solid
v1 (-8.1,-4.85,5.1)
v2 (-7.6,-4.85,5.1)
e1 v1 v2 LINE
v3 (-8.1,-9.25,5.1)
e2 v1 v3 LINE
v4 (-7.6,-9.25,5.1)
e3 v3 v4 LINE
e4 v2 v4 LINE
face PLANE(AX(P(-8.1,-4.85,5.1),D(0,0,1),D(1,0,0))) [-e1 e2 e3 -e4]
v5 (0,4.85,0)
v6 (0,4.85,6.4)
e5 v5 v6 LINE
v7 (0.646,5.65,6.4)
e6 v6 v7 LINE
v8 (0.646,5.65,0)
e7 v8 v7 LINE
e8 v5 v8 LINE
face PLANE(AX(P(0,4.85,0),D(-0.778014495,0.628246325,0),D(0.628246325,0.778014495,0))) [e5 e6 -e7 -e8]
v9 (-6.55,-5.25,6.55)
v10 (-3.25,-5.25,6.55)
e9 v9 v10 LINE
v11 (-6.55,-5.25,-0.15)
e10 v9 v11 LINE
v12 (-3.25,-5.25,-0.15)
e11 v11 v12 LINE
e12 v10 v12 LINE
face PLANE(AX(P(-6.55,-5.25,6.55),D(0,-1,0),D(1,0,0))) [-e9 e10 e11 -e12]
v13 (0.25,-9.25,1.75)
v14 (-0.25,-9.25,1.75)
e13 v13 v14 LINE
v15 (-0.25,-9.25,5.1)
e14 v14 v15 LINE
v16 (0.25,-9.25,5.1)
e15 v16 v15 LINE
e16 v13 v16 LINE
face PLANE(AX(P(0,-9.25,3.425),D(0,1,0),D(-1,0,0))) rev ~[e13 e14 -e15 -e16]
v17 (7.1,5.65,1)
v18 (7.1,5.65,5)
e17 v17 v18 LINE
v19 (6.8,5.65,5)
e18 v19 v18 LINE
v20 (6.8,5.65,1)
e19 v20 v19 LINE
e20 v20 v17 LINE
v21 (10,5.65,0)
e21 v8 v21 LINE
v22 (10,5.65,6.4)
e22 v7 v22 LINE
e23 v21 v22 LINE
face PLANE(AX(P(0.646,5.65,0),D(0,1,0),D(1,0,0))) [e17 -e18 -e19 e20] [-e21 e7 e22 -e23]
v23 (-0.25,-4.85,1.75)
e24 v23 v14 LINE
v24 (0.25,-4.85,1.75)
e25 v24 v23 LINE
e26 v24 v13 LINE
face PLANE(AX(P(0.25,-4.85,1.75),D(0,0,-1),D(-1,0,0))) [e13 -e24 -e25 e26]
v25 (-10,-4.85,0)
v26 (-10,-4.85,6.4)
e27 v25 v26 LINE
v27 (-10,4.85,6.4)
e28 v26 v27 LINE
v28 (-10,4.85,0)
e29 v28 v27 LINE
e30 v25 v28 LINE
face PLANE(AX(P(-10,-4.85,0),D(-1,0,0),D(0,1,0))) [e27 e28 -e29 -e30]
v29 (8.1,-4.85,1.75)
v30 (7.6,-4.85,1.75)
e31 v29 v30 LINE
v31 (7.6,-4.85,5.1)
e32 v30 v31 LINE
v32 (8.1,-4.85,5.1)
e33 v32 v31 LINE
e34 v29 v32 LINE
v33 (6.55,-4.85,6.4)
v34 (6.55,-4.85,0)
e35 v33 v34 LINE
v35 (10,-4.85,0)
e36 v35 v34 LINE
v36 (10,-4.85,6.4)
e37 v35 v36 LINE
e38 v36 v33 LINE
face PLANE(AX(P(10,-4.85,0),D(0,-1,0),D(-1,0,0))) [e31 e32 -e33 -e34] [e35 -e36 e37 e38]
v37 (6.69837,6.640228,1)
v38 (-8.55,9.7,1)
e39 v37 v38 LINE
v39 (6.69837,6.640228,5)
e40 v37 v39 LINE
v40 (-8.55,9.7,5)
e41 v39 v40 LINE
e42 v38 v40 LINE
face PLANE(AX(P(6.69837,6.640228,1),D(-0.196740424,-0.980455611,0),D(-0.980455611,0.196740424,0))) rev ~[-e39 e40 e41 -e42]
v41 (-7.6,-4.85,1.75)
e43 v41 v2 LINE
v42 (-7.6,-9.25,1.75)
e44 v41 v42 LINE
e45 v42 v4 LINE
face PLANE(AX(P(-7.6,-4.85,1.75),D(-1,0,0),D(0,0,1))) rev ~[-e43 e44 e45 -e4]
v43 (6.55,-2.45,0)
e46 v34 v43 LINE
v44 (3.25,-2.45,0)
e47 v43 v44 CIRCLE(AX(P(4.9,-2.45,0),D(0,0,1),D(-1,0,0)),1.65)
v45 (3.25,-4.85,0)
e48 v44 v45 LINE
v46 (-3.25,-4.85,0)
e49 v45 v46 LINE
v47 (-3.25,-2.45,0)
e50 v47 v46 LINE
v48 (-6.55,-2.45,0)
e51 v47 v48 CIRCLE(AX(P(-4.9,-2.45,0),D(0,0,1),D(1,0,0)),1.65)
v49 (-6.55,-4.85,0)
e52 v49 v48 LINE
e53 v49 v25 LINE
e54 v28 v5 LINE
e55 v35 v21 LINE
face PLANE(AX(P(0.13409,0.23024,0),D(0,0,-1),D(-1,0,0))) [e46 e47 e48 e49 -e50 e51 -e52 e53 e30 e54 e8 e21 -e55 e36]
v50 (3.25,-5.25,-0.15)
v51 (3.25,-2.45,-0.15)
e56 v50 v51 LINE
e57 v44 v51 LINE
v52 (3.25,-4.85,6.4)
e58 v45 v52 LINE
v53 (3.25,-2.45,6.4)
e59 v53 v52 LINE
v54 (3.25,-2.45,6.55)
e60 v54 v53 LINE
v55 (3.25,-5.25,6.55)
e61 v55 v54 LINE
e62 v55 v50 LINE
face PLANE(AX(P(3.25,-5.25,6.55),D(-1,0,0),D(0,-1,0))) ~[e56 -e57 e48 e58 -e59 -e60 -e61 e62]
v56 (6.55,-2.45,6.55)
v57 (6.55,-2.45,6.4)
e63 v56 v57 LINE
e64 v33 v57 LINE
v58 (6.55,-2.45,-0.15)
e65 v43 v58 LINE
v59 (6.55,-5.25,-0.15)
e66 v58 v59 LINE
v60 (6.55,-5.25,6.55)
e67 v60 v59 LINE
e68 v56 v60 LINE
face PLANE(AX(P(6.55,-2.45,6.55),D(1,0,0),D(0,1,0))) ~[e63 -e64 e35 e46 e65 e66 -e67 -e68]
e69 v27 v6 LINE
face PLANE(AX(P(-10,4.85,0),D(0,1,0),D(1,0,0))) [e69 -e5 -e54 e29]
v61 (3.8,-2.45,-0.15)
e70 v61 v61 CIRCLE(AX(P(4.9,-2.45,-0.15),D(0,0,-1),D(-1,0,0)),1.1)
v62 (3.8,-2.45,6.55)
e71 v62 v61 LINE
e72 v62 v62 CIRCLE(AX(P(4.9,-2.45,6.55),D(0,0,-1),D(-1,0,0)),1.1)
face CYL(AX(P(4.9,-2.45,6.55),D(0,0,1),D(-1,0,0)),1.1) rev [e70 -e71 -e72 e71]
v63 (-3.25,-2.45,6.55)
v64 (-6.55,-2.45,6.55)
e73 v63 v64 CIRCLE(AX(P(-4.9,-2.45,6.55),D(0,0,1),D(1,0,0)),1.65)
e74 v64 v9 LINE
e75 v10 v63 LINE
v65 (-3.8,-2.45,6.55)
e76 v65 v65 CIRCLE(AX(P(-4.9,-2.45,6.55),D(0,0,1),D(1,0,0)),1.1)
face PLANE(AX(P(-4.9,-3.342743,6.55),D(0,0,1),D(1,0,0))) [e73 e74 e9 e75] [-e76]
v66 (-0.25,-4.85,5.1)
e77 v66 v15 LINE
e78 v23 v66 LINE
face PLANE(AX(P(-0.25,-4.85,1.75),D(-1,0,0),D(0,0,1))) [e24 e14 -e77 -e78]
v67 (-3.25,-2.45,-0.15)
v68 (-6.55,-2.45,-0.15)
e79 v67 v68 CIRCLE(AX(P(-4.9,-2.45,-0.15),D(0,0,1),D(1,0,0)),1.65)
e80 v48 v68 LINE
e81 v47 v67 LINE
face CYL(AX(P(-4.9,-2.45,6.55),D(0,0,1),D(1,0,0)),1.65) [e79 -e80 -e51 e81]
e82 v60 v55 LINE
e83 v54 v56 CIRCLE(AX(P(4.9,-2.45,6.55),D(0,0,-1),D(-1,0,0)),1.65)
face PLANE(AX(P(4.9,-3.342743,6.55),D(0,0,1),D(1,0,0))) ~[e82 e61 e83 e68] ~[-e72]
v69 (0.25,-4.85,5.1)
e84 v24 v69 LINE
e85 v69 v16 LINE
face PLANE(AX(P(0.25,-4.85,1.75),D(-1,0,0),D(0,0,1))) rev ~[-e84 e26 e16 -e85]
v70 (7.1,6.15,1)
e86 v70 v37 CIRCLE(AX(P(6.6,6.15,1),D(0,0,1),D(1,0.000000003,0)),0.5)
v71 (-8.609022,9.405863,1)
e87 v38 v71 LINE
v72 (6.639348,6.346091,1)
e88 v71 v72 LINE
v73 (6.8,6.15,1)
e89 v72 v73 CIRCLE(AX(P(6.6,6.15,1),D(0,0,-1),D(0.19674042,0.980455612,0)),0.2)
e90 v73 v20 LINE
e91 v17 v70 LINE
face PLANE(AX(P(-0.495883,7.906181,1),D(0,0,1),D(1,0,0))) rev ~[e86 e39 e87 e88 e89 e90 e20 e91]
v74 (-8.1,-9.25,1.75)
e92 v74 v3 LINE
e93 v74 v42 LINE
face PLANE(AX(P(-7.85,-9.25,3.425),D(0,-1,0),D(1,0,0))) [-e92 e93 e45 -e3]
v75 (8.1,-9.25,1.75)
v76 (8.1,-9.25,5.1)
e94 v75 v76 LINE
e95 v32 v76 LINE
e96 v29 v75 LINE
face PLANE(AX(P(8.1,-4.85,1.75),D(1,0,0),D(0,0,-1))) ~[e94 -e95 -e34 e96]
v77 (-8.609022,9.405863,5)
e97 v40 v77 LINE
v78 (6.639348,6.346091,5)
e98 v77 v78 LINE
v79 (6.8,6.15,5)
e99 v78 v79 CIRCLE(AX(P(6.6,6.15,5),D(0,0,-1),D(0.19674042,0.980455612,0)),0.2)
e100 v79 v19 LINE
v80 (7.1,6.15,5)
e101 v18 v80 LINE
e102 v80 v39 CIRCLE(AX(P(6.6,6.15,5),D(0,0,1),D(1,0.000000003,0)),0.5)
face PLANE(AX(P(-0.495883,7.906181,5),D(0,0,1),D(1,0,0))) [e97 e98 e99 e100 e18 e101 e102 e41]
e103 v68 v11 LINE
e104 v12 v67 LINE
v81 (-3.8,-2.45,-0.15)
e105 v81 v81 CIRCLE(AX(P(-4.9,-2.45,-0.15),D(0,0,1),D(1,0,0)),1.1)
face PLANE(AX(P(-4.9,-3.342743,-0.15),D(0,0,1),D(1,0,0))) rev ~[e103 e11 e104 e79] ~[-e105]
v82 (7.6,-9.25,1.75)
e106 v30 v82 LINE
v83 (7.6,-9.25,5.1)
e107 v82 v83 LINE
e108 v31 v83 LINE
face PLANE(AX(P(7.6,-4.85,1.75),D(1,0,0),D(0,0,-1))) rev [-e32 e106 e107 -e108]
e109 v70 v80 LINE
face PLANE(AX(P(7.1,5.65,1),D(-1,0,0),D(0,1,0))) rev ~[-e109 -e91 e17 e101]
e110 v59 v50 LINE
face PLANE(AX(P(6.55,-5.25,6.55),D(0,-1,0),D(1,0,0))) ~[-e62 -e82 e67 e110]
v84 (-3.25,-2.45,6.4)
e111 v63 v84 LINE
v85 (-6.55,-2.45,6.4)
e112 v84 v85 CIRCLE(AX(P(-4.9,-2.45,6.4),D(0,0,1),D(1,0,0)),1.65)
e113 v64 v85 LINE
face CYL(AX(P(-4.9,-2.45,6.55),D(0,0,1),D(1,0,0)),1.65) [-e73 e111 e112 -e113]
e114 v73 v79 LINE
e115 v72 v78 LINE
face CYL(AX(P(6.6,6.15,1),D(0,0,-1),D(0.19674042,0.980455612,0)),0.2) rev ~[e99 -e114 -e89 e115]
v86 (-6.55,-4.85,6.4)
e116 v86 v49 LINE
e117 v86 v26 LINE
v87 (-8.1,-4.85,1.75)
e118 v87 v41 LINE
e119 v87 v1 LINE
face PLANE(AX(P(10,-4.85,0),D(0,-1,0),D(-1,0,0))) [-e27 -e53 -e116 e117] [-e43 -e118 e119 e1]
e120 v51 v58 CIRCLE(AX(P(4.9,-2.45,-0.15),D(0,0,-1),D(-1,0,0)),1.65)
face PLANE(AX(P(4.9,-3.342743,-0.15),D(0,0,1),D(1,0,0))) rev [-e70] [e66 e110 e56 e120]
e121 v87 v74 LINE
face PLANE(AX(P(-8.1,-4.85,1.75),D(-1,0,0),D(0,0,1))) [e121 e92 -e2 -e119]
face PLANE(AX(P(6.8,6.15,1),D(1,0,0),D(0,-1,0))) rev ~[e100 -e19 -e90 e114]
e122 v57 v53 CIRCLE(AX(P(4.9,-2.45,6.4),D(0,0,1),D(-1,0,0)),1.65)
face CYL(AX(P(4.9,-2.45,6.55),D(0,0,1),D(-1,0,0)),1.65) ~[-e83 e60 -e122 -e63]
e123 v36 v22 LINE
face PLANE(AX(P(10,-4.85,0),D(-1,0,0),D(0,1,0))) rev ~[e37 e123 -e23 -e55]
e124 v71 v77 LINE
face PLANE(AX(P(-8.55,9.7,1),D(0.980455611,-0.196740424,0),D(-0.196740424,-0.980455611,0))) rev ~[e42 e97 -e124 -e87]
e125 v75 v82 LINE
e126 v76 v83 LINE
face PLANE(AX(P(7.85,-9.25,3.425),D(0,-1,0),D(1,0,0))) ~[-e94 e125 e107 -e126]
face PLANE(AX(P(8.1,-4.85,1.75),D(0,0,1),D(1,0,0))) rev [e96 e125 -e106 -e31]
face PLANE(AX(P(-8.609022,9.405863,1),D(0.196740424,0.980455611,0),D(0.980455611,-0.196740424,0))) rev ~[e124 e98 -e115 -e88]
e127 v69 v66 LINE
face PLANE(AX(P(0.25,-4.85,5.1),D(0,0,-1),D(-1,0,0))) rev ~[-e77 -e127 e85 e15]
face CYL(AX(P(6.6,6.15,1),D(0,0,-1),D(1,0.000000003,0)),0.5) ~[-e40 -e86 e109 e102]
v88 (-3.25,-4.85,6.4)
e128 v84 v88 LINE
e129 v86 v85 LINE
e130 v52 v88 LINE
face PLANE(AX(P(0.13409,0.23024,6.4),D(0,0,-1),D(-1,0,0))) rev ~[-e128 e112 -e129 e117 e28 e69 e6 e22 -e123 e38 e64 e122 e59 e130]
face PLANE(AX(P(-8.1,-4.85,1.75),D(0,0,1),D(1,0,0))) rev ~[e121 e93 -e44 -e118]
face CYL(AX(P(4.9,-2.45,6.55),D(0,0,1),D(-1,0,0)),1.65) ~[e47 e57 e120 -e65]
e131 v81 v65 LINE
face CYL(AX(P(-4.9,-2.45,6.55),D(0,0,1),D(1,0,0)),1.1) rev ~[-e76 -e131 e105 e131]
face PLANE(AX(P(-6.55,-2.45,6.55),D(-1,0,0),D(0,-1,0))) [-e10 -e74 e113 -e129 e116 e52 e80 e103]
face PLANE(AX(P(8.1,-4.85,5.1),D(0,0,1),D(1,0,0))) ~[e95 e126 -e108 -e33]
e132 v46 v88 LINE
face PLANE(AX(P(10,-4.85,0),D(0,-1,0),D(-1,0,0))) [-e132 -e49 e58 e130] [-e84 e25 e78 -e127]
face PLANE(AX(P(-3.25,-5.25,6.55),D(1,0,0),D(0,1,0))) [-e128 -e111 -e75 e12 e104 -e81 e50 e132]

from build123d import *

# Parameters (mm, degrees)
BOSS_EXTRUDE1_DEPTH = 6.4
SKETCH3_R           = 1.1
CUT_EXTRUDE1_DEPTH  = 14.148478999
BOSS_EXTRUDE2_START = 0.15
SKETCH4_R           = 1.1
BOSS_EXTRUDE2_DEPTH = 6.7
SKETCH5_W           = 0.5
SKETCH5_H           = 3.35
BOSS_EXTRUDE3_DEPTH = 4.4
SKETCH6_W           = 0.5
SKETCH6_H           = 3.35
BOSS_EXTRUDE4_DEPTH = 4.4
EXTRUDE_THIN2_START = -1
EXTRUDE_THIN2_DEPTH = 4


with BuildPart() as part:
    # Sketch1 → Boss-Extrude1 (new body)
    with BuildSketch(Plane.XY):
        Polygon((-10, 4.85), (0, 4.85), (0.64599961, 5.65), (10, 5.65), (10, 4.85), (10, -4.85), (-10, -4.85), align=None)
    extrude(amount=BOSS_EXTRUDE1_DEPTH)

    # Sketch3 → Cut-Extrude1 (cut, through all)
    with BuildSketch(Plane.XY.offset(6.4)):
        with Locations((-4.9, -2.45)):
            Circle(SKETCH3_R)
    cut_extrude1 = extrude(amount=-CUT_EXTRUDE1_DEPTH, mode=Mode.SUBTRACT)

    # Sketch4 → Boss-Extrude2 (add)
    with BuildSketch(Plane.XY.offset(6.4).offset(BOSS_EXTRUDE2_START)):
        with BuildLine():
            Line((-6.55, -2.45), (-6.55, -5.25))
            Line((-6.55, -5.25), (-3.25, -5.25))
            Line((-3.25, -5.25), (-3.25, -2.45))
            ThreePointArc((-3.25, -2.45), (-4.9, -0.8), (-6.55, -2.45))
        make_face()
        with Locations((-4.9, -2.45)):
            Circle(SKETCH4_R, mode=Mode.SUBTRACT)
    boss_extrude2 = extrude(amount=-BOSS_EXTRUDE2_DEPTH)

    # Sketch5 → Boss-Extrude3 (add)
    with BuildSketch(Plane.XZ.offset(4.85)):
        with Locations((-7.85, 3.425)):
            Rectangle(SKETCH5_W, SKETCH5_H)
    boss_extrude3 = extrude(amount=BOSS_EXTRUDE3_DEPTH)

    # Sketch6 → Boss-Extrude4 (add)
    with BuildSketch(Plane(origin=(0, -4.85, -4.85), x_dir=(-1, 0, 0), z_dir=(0, 1, 0))):
        with Locations((0, 8.275)):
            Rectangle(SKETCH6_W, SKETCH6_H)
    extrude(amount=-BOSS_EXTRUDE4_DEPTH)

    # Mirror1: Cut-Extrude1, Boss-Extrude2, Boss-Extrude3 across plane
    add(cut_extrude1.mirror(Plane(origin=(0, 0, 0), x_dir=(0, 0, 1), z_dir=(1, 0, 0))), mode=Mode.SUBTRACT)
    add(boss_extrude2.mirror(Plane(origin=(0, 0, 0), x_dir=(0, 0, 1), z_dir=(1, 0, 0))))
    add(boss_extrude3.mirror(Plane(origin=(0, 0, 0), x_dir=(0, 0, 1), z_dir=(1, 0, 0))))

    # Sketch7 → Extrude-Thin2 (add)
    with BuildSketch(Plane(origin=(0, 0, 0), x_dir=(-1, 0, 0), z_dir=(0, 0, -1)).offset(EXTRUDE_THIN2_START)):
        with BuildLine():
            Line((-7.1, 5.65), (-7.1, 6.15))
            ThreePointArc((-7.1, 6.15), (-6.986771965, 6.466871341), (-6.698370212, 6.640227806))
            Line((-6.698370212, 6.640227806), (8.55, 9.7))
            Line((8.55, 9.7), (8.609022127, 9.405863317))
            Line((8.609022127, 9.405863317), (-6.639348085, 6.346091122))
            ThreePointArc((-6.639348085, 6.346091122), (-6.754708786, 6.276748537), (-6.8, 6.15))
            Line((-6.8, 6.15), (-6.8, 5.65))
            Line((-6.8, 5.65), (-7.1, 5.65))
        make_face()
    extrude(amount=-EXTRUDE_THIN2_DEPTH)


solid = part.part
